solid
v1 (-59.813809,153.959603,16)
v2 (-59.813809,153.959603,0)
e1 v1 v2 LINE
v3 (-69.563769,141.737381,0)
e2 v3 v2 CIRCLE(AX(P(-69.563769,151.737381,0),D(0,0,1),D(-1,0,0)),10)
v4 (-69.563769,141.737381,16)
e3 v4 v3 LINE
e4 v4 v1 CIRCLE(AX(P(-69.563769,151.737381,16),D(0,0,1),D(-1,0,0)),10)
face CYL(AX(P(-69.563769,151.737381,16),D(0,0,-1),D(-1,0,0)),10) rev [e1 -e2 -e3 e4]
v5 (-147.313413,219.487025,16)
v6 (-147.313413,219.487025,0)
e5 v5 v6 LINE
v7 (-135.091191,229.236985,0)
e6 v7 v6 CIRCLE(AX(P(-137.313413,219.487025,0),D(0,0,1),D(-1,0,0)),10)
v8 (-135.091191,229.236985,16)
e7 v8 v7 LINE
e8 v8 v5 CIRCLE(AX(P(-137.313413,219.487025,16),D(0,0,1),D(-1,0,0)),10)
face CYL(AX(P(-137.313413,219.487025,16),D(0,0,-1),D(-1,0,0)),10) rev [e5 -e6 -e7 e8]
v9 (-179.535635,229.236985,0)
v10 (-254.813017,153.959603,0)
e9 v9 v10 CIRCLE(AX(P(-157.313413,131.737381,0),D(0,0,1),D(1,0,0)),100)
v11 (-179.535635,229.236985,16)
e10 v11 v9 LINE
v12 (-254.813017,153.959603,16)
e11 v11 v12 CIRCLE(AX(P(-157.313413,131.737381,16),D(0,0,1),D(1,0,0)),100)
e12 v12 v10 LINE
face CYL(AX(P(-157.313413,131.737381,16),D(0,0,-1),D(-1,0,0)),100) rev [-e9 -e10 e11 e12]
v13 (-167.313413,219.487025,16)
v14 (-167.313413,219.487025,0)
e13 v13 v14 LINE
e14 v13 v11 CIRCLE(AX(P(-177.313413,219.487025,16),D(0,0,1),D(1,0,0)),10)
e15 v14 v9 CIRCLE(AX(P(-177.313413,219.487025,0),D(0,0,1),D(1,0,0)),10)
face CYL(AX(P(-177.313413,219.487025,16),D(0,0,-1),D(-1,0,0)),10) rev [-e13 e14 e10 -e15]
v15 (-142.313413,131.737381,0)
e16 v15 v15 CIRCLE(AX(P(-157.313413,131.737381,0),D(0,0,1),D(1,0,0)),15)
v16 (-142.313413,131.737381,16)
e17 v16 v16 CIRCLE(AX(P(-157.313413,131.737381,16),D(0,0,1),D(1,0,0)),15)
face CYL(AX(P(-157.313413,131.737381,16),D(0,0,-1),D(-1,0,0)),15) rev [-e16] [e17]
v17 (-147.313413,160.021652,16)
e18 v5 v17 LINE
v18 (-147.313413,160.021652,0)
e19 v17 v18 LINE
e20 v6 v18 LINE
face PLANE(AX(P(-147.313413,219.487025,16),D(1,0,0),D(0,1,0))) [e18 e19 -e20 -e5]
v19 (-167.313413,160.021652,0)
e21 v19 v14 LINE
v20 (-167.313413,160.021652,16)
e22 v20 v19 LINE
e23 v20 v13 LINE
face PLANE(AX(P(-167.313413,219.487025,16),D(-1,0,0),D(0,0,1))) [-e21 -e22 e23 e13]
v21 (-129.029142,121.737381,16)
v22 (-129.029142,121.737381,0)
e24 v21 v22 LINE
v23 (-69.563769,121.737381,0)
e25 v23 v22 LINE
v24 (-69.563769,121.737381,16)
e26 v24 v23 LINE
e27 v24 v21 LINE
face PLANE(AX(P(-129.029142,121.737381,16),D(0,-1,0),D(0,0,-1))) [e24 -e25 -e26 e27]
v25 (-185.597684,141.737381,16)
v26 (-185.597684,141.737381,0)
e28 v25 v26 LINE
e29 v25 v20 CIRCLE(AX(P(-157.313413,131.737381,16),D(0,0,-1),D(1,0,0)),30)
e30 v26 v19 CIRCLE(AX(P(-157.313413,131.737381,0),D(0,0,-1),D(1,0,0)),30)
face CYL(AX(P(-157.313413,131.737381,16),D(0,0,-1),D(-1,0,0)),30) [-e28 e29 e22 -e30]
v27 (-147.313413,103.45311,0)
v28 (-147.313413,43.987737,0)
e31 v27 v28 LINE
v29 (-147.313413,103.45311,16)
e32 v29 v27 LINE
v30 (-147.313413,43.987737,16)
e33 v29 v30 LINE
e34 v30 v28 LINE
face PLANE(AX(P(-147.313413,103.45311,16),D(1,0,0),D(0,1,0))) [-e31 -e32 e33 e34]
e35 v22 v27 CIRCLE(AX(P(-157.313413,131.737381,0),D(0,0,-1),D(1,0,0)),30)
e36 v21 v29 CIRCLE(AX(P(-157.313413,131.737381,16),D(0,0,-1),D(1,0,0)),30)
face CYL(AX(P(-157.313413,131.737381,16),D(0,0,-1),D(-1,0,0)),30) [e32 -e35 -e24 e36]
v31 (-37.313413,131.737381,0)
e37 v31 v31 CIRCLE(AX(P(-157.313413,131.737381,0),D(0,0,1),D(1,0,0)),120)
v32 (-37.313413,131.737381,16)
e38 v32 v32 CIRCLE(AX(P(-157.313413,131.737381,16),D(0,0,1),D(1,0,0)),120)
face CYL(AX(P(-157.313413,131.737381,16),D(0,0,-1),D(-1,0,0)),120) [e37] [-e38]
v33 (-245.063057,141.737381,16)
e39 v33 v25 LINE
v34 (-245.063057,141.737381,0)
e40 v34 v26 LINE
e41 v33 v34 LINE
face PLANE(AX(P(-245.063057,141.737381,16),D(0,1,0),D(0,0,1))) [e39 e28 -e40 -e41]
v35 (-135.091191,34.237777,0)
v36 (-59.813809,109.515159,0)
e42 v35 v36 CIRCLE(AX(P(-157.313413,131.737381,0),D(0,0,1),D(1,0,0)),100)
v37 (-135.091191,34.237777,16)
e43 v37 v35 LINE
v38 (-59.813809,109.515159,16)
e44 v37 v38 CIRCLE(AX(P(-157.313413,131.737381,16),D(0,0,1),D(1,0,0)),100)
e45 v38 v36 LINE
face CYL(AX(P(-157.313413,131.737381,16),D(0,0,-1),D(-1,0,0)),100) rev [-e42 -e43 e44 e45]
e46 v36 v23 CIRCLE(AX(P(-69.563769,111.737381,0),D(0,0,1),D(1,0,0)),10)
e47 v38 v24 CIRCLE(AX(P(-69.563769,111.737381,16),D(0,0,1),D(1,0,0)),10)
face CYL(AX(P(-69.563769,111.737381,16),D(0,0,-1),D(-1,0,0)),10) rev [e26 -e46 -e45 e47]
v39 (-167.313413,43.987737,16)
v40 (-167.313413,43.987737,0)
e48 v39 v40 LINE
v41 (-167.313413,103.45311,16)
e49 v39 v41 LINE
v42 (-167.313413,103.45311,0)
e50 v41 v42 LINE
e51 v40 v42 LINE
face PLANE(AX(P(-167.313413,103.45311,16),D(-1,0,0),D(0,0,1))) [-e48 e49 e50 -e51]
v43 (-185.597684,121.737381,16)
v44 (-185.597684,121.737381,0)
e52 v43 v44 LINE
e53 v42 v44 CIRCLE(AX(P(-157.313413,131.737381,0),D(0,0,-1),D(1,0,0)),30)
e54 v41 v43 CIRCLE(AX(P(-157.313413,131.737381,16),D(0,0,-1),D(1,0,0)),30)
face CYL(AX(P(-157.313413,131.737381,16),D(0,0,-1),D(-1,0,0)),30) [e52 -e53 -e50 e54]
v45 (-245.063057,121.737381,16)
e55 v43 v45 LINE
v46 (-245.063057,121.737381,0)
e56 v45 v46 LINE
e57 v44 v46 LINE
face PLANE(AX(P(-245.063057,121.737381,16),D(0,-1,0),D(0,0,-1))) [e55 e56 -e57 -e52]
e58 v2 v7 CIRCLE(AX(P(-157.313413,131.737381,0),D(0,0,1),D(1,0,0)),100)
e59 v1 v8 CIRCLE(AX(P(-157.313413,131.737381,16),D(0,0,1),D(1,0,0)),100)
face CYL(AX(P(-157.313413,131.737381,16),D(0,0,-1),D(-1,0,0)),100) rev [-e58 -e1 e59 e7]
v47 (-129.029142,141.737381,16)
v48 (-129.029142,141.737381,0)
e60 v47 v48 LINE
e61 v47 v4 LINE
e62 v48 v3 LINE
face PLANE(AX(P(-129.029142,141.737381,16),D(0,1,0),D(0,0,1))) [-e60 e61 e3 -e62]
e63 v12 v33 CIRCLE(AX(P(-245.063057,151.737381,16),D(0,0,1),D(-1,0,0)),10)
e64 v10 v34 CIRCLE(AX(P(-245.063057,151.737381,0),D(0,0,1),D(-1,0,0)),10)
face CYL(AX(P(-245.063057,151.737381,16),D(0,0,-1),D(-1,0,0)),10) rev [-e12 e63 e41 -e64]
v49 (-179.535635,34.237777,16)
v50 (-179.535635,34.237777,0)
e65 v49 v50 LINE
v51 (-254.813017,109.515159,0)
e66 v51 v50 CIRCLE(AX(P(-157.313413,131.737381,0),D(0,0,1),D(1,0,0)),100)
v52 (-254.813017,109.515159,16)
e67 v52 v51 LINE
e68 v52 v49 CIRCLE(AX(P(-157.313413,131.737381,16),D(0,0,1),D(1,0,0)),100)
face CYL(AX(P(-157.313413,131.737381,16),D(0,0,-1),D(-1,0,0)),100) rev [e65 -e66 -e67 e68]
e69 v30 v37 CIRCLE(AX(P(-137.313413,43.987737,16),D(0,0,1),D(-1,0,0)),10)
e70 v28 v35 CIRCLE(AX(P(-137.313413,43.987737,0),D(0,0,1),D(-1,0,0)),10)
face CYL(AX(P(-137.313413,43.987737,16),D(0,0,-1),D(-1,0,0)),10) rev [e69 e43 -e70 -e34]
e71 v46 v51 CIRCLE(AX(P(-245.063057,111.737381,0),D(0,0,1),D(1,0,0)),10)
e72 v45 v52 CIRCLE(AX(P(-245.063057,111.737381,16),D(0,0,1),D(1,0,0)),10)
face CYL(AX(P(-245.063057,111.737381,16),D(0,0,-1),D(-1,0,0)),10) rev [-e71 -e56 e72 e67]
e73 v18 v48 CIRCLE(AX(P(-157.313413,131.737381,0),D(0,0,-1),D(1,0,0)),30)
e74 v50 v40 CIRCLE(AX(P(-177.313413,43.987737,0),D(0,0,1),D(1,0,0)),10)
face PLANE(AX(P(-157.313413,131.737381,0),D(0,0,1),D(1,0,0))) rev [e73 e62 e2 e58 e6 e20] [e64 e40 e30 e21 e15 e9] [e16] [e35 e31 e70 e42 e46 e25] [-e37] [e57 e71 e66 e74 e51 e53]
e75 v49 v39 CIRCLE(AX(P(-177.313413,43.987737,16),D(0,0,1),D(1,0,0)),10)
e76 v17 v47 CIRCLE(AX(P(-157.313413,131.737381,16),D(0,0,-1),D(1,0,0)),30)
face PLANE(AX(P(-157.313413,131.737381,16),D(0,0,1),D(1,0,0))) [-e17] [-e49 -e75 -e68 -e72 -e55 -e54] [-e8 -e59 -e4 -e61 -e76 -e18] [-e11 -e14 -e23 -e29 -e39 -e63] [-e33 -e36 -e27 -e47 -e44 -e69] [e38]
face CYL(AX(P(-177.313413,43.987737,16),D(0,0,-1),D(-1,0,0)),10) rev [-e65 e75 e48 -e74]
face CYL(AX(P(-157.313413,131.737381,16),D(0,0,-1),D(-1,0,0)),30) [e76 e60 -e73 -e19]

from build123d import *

# Parameters (mm, degrees)
SKETCH1_R           = 120
SKETCH1_R_2         = 15
BOSS_EXTRUDE1_DEPTH = 16


with BuildPart() as part:
    # Sketch1 → Boss-Extrude1 (new body)
    with BuildSketch(Plane.XY):
        with Locations((-157.313413121, 131.73738084)):
            Circle(SKETCH1_R)
        with Locations((-157.313413121, 131.73738084)):
            Circle(SKETCH1_R_2, mode=Mode.SUBTRACT)
        with BuildLine():
            Line((-167.313413121, 103.453109593), (-167.313413121, 43.987736967))
            ThreePointArc((-167.313413121, 43.987736967), (-171.077317476, 36.170377367), (-179.535635343, 34.237776536))
            ThreePointArc((-179.535635343, 34.237776536), (-228.024091239, 61.026702722), (-254.813017425, 109.515158618))
            ThreePointArc((-254.813017425, 109.515158618), (-252.880416594, 117.973476485), (-245.063056995, 121.73738084))
            Line((-245.063056995, 121.73738084), (-185.597684368, 121.73738084))
            ThreePointArc((-185.597684368, 121.73738084), (-178.526616556, 110.524177405), (-167.313413121, 103.453109593))
        make_face(mode=Mode.SUBTRACT)
        with BuildLine():
            Line((-245.063056995, 141.73738084), (-185.597684368, 141.73738084))
            ThreePointArc((-185.597684368, 141.73738084), (-178.526616556, 152.950584276), (-167.313413121, 160.021652088))
            Line((-167.313413121, 160.021652088), (-167.313413121, 219.487024714))
            ThreePointArc((-167.313413121, 219.487024714), (-171.077317476, 227.304384314), (-179.535635343, 229.236985145))
            ThreePointArc((-179.535635343, 229.236985145), (-228.024091239, 202.448058959), (-254.813017425, 153.959603063))
            ThreePointArc((-254.813017425, 153.959603063), (-252.880416594, 145.501285196), (-245.063056995, 141.73738084))
        make_face(mode=Mode.SUBTRACT)
        with BuildLine():
            Line((-147.313413121, 219.487024714), (-147.313413121, 160.021652088))
            ThreePointArc((-147.313413121, 160.021652088), (-136.100209685, 152.950584276), (-129.029141873, 141.73738084))
            Line((-129.029141873, 141.73738084), (-69.563769247, 141.73738084))
            ThreePointArc((-69.563769247, 141.73738084), (-61.746409647, 145.501285196), (-59.813808816, 153.959603063))
            ThreePointArc((-59.813808816, 153.959603063), (-86.602735002, 202.448058959), (-135.091190899, 229.236985145))
            ThreePointArc((-135.091190899, 229.236985145), (-143.549508765, 227.304384314), (-147.313413121, 219.487024714))
        make_face(mode=Mode.SUBTRACT)
        with BuildLine():
            Line((-147.313413121, 103.453109593), (-147.313413121, 43.987736967))
            ThreePointArc((-147.313413121, 43.987736967), (-143.549508765, 36.170377367), (-135.091190899, 34.237776536))
            ThreePointArc((-135.091190899, 34.237776536), (-86.602735002, 61.026702722), (-59.813808816, 109.515158618))
            ThreePointArc((-59.813808816, 109.515158618), (-61.746409647, 117.973476485), (-69.563769247, 121.73738084))
            Line((-69.563769247, 121.73738084), (-129.029141873, 121.73738084))
            ThreePointArc((-129.029141873, 121.73738084), (-136.100209685, 110.524177405), (-147.313413121, 103.453109593))
        make_face(mode=Mode.SUBTRACT)
    extrude(amount=BOSS_EXTRUDE1_DEPTH)


solid = part.part
